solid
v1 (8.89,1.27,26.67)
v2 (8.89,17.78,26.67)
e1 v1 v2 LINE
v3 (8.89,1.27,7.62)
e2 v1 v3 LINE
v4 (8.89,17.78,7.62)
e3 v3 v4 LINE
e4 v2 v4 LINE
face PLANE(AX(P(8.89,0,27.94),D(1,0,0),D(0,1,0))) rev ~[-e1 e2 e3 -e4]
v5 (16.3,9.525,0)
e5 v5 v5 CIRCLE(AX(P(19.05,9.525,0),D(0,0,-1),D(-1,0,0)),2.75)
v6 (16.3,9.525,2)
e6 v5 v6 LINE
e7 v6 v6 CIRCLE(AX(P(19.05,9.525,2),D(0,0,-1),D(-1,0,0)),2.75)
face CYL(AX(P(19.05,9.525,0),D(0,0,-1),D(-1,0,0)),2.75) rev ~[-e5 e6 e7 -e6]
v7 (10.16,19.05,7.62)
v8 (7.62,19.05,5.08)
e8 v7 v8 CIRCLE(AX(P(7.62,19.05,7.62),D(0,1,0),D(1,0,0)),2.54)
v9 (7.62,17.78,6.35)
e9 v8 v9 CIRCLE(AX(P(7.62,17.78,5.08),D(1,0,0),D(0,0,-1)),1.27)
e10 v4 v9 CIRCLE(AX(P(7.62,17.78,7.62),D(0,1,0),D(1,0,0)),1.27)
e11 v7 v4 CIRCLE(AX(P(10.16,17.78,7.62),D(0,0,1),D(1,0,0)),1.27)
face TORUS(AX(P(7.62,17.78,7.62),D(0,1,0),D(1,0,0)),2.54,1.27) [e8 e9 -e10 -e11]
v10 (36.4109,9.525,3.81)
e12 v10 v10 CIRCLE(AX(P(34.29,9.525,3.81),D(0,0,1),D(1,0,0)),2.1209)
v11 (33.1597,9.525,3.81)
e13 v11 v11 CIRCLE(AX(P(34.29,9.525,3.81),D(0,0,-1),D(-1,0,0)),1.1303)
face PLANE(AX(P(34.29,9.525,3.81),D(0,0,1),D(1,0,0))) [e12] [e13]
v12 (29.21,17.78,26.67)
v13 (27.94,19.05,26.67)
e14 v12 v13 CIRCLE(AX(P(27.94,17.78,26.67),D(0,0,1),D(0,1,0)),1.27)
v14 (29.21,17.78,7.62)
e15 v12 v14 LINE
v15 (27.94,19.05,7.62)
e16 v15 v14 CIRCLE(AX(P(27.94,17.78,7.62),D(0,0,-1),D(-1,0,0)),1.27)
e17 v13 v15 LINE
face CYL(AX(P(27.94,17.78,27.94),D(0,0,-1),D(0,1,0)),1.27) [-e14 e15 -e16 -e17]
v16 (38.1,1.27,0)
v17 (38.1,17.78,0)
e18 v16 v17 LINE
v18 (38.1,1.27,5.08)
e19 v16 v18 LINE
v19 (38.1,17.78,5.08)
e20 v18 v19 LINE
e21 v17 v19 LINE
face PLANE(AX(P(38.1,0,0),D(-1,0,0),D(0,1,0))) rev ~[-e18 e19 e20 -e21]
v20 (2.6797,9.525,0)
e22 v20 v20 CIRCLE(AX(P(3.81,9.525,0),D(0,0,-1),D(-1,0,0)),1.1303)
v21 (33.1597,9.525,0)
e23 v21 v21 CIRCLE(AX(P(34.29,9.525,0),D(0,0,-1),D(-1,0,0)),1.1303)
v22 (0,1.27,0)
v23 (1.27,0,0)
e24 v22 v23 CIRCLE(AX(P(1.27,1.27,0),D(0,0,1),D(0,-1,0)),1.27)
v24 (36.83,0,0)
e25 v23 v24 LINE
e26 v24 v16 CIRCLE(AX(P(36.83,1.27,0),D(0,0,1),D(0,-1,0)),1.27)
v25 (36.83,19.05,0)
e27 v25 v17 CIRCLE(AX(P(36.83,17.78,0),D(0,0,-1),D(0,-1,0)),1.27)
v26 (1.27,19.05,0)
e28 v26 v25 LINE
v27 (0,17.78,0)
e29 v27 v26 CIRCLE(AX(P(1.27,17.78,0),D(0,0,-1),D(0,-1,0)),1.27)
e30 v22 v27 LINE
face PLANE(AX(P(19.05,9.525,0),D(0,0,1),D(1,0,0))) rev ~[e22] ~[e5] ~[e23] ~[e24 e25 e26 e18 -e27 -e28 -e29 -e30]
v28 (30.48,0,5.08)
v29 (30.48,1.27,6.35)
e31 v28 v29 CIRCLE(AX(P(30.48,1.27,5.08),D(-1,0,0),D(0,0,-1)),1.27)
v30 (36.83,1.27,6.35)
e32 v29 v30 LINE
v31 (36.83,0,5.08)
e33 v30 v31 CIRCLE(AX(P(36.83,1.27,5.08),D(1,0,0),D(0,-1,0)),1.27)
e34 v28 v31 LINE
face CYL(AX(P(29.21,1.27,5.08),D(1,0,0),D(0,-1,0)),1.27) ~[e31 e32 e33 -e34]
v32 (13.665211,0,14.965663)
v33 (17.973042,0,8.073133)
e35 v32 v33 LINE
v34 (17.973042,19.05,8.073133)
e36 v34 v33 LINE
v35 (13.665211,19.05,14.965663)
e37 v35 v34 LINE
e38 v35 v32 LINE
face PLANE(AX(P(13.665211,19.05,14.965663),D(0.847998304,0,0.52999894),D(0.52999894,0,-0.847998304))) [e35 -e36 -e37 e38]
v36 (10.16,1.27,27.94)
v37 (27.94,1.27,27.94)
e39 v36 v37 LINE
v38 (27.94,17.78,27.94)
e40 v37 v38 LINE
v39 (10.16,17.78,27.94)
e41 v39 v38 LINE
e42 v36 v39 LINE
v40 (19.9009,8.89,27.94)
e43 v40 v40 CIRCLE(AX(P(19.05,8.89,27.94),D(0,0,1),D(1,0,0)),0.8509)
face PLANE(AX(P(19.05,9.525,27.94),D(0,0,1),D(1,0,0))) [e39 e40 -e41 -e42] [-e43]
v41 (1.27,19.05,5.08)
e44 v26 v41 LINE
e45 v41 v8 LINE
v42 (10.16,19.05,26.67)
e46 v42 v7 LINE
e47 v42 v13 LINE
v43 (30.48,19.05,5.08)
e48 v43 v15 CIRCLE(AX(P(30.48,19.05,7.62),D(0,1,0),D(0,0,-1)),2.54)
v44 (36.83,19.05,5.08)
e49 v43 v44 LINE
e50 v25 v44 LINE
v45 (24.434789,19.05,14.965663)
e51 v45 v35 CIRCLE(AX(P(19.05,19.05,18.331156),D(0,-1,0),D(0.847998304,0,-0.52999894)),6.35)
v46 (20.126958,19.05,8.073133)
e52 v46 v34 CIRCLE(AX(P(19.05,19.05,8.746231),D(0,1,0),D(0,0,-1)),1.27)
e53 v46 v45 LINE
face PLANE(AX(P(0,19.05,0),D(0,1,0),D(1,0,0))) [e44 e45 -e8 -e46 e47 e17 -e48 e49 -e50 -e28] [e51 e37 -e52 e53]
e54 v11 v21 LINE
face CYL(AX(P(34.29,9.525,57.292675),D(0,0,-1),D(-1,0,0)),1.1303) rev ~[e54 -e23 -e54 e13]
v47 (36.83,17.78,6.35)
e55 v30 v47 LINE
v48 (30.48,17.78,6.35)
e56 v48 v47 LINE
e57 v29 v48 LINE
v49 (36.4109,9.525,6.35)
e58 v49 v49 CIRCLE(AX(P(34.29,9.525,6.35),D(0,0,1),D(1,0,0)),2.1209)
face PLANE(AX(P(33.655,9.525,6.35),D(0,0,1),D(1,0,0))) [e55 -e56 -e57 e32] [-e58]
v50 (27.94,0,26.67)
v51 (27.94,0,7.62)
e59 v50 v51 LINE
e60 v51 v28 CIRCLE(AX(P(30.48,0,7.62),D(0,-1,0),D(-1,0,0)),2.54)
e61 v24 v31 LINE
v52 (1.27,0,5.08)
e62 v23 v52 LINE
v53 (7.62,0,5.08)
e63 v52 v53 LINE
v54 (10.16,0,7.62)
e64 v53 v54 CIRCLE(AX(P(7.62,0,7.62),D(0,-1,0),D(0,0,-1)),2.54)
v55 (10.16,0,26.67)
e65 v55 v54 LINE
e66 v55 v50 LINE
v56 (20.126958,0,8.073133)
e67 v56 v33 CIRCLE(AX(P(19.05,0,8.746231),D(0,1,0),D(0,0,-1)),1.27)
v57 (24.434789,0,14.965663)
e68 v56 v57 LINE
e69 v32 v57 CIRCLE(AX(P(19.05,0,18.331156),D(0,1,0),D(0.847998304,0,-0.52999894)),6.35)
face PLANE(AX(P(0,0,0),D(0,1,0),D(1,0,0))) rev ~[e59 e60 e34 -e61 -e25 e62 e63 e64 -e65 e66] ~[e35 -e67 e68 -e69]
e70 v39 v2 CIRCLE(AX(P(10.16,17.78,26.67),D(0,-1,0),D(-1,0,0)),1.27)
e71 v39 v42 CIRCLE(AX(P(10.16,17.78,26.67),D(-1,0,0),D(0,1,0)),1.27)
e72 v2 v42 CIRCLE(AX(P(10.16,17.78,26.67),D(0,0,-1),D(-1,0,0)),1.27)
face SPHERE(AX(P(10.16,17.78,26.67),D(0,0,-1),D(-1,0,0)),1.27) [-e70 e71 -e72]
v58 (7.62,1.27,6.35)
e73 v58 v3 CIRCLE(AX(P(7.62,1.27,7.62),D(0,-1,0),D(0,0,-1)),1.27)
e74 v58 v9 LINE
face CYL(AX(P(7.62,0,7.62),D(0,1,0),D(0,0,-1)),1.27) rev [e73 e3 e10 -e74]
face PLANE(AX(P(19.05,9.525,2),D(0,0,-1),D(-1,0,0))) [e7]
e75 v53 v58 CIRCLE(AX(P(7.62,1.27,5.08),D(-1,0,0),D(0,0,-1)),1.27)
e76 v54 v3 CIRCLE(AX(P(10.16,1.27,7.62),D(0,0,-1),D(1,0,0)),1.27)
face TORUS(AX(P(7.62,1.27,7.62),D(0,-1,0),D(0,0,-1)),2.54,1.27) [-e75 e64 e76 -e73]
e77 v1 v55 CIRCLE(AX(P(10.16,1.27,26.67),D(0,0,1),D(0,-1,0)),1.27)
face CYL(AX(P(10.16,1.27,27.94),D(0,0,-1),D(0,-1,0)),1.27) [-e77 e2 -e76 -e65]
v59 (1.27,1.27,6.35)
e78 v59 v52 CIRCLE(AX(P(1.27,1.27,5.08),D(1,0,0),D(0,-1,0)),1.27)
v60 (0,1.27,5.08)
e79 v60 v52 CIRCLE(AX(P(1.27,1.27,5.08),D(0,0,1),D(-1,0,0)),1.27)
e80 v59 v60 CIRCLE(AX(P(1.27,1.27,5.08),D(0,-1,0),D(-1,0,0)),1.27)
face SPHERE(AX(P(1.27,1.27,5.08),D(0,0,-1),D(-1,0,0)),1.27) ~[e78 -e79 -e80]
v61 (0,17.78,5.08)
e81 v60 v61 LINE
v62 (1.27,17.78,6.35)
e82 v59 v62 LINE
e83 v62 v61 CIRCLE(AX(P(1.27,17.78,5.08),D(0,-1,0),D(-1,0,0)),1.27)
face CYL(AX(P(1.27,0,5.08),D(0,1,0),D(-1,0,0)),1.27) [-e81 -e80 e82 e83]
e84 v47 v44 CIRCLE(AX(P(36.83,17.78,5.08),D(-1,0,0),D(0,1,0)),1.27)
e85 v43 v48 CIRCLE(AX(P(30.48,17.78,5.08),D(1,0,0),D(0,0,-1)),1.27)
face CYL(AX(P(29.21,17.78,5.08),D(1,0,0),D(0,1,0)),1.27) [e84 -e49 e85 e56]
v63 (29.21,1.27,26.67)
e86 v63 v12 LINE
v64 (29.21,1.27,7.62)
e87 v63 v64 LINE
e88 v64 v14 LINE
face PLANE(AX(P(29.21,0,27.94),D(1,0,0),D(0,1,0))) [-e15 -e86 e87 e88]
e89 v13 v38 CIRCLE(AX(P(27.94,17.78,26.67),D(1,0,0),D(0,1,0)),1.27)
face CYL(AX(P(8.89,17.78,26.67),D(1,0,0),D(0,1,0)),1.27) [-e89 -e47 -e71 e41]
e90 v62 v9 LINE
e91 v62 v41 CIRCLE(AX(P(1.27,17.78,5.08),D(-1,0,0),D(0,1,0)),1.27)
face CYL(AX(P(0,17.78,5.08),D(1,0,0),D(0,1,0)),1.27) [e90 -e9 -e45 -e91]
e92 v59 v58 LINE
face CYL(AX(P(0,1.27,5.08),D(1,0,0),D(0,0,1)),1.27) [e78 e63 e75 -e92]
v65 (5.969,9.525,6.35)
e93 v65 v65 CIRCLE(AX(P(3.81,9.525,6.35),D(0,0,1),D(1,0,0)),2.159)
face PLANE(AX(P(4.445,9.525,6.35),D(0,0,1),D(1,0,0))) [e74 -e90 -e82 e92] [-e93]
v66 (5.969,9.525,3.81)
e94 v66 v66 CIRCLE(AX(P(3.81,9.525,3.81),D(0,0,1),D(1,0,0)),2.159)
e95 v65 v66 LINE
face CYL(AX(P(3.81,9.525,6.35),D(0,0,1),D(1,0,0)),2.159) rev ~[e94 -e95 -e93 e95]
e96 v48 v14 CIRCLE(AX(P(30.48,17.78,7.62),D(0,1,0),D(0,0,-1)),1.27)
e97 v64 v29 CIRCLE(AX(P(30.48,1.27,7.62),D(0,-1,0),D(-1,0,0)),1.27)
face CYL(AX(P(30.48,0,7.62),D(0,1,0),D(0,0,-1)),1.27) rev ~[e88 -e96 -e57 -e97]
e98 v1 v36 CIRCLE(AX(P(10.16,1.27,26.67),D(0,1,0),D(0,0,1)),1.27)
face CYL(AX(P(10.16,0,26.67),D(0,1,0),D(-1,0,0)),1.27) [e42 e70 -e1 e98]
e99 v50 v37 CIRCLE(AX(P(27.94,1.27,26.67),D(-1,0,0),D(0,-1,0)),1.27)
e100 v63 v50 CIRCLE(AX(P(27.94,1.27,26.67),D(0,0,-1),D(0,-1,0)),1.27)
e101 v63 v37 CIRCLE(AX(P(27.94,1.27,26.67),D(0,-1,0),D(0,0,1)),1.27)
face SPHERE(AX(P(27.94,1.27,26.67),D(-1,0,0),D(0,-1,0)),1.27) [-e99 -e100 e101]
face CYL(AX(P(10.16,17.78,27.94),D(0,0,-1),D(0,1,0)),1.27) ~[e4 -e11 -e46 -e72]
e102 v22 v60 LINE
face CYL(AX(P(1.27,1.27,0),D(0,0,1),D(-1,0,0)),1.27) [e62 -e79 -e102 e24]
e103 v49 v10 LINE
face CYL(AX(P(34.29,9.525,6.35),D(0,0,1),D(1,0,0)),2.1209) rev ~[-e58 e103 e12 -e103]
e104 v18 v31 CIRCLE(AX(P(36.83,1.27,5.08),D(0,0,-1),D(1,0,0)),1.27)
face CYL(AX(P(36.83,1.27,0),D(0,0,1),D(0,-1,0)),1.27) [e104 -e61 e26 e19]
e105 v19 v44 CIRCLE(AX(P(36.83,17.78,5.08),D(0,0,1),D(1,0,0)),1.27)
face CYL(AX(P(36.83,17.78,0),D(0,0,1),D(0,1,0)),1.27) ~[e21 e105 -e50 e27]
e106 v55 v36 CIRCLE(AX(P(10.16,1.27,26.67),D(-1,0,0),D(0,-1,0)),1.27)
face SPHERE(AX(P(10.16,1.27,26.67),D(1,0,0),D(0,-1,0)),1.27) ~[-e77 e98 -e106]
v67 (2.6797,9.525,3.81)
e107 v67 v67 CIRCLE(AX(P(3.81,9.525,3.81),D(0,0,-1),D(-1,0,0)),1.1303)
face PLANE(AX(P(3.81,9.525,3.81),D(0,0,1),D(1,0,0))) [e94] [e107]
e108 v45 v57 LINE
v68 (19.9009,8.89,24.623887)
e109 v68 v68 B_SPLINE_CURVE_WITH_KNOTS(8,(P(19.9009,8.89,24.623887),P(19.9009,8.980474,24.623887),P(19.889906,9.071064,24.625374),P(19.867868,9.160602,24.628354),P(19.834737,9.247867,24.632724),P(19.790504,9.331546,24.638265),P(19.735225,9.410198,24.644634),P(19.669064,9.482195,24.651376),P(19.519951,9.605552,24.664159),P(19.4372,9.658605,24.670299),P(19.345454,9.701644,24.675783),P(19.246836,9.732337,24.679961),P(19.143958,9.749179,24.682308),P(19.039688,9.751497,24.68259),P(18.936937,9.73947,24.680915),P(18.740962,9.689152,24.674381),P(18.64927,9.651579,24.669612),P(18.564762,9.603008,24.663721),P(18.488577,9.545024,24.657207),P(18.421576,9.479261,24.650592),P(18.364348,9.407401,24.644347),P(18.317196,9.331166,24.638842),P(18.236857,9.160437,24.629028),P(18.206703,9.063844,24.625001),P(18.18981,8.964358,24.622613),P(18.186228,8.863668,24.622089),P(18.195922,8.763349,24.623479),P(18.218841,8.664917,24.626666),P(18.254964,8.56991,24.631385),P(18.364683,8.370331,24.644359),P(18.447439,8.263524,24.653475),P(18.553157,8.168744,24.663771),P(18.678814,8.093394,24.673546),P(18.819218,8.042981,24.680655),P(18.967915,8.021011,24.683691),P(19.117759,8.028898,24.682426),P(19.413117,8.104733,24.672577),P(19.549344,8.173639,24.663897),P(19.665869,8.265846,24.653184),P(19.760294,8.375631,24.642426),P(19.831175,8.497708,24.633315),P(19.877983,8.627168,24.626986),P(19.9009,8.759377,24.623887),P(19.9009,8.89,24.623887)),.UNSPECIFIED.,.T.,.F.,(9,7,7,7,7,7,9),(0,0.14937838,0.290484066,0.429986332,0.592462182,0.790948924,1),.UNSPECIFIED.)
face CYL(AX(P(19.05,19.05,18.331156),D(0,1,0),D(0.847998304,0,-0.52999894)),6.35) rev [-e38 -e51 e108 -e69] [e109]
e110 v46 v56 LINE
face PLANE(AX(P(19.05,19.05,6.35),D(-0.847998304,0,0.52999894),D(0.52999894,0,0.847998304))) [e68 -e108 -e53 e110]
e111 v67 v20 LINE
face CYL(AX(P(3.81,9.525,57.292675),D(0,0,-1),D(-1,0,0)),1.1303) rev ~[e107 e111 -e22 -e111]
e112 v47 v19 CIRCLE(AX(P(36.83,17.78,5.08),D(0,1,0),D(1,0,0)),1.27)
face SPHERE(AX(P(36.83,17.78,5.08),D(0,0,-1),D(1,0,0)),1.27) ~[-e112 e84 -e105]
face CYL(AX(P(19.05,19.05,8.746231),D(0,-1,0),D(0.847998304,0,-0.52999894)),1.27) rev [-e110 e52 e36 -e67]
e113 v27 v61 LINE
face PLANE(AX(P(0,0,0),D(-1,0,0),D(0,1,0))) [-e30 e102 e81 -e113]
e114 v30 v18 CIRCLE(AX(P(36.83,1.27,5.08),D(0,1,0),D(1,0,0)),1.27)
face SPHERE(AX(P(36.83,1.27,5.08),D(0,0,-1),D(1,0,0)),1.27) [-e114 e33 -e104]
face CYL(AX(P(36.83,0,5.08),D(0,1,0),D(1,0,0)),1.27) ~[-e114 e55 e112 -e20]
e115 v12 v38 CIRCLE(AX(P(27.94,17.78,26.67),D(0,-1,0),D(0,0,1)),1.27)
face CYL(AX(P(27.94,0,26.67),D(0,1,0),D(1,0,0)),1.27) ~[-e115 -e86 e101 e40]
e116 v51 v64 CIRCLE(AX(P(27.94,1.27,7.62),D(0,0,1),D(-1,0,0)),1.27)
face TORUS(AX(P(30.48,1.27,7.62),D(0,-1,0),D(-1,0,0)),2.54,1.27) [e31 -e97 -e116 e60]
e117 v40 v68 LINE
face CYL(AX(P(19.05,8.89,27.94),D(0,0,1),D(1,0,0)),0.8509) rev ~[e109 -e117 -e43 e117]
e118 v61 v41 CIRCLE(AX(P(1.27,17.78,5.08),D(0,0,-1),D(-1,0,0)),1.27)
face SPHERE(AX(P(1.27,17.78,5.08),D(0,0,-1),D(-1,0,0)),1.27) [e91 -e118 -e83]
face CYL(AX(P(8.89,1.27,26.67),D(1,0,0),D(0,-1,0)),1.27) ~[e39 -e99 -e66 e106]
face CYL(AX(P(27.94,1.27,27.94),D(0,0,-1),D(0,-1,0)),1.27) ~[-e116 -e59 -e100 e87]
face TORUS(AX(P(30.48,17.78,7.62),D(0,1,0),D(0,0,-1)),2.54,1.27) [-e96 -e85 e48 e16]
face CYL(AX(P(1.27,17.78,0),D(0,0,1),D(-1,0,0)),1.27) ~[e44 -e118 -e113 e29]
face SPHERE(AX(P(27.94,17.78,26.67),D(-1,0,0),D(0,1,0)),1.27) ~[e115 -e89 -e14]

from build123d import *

# Parameters (mm, degrees)
SKETCH1_W                        = 38.1
SKETCH1_H                        = 19.05
BOSS_EXTRUDE1_DEPTH              = 27.94
SKETCH2_W                        = 8.89
SKETCH2_H                        = 19.05
CUT_EXTRUDE1_DEPTH               = 21.59
CUT_EXTRUDE2_DEPTH               = 31.75
F_43_0_089_DIAMETER_HOLE1_D      = 2.2606
F_51_0_067_DIAMETER_HOLE1_REACH  = 52.943
F_51_0_067_DIAMETER_HOLE1_BORE_R = 0.8509
FILLET1_R                        = 1.27
SKETCH11_R                       = 2.75
CUT_EXTRUDE3_DEPTH               = 2
SKETCH12_R                       = 2.159
SKETCH12_R_2                     = 2.1209
CUT_EXTRUDE4_DEPTH               = 2.54


with BuildPart() as part:
    # Sketch1 → Boss-Extrude1 (new body)
    with BuildSketch(Plane.XY):
        with Locations((19.05, 9.525)):
            Rectangle(SKETCH1_W, SKETCH1_H)
    extrude(amount=BOSS_EXTRUDE1_DEPTH)

    # Sketch2 → Cut-Extrude1 (cut)
    with BuildSketch(Plane.XY.offset(27.94)):
        with Locations((4.445, 9.525)):
            Rectangle(SKETCH2_W, SKETCH2_H)
        with Locations((33.655, 9.525)):
            Rectangle(SKETCH2_W, SKETCH2_H)
    extrude(amount=-CUT_EXTRUDE1_DEPTH, mode=Mode.SUBTRACT)

    # Sketch4 → Cut-Extrude2 (cut)
    with BuildSketch(Plane(origin=(0, 19.05, 0), x_dir=(1, 0, 0), z_dir=(0, 1, 0))):
        with BuildLine():
            Line((13.66521077, -14.965662769), (19.05, -6.35))
            Line((19.05, -6.35), (24.43478923, -14.965662769))
            ThreePointArc((24.43478923, -14.965662769), (19.05, -24.681156038), (13.66521077, -14.965662769))
        make_face()
    extrude(amount=-CUT_EXTRUDE2_DEPTH, mode=Mode.SUBTRACT)

    # #43 (0.089) Diameter Hole1 (through all)
    with Locations(Plane.XY.offset(6.35)):
        with Locations((3.81, 9.525), (34.29, 9.525)):
            Hole(F_43_0_089_DIAMETER_HOLE1_D / 2)

    # #51 (0.067) Diameter Hole1 bore → #51 (0.067) Diameter Hole1 (cut, up to next)
    with BuildSketch(Plane.XY.offset(27.94), mode=Mode.PRIVATE) as f_51_0_067_diameter_hole1_sk1:
        with Locations((19.05, 8.89)):
            Circle(F_51_0_067_DIAMETER_HOLE1_BORE_R)
    f_51_0_067_diameter_hole1_tool1 = extrude(f_51_0_067_diameter_hole1_sk1.sketch, amount=-F_51_0_067_DIAMETER_HOLE1_REACH, mode=Mode.PRIVATE) & part.part
    add(f_51_0_067_diameter_hole1_tool1.solids().sort_by_distance((19.05, 8.89, 27.94))[0], mode=Mode.SUBTRACT)

    # Fillet1
    fillet1_edges = [part.edges().sort_by_distance(p)[0] for p in [
        (19.05, 0, 27.94),
        (0, 19.05, 3.175),
        (0, 0, 3.175),
        (0, 9.525, 6.35),
        (4.445, 19.05, 6.35),
        (8.89, 9.525, 6.35),
        (8.89, 19.05, 17.145),
        (4.445, 0, 6.35),
        (8.89, 0, 17.145),
        (8.89, 9.525, 27.94),
        (19.05, 19.05, 27.94),
        (38.1, 19.05, 3.175),
        (38.1, 0, 3.175),
        (38.1, 9.525, 6.35),
        (33.655, 0, 6.35),
        (29.21, 9.525, 6.35),
        (29.21, 0, 17.145),
        (33.655, 19.05, 6.35),
        (29.21, 19.05, 17.145),
        (29.21, 9.525, 27.94),
        (19.05, 9.525, 6.35),
    ]]
    fillet(fillet1_edges, radius=FILLET1_R)

    # Sketch11 → Cut-Extrude3 (cut)
    with BuildSketch(Plane(origin=(0, 0, 0), x_dir=(-1, 0, 0), z_dir=(0, 0, -1))):
        with Locations((-19.05, 9.525)):
            Circle(SKETCH11_R)
    extrude(amount=-CUT_EXTRUDE3_DEPTH, mode=Mode.SUBTRACT)

    # Sketch12 → Cut-Extrude4 (cut)
    with BuildSketch(Plane.XY.offset(6.35)):
        with Locations((3.81, 9.525)):
            Circle(SKETCH12_R)
        with Locations((34.29, 9.525)):
            Circle(SKETCH12_R_2)
    extrude(amount=-CUT_EXTRUDE4_DEPTH, mode=Mode.SUBTRACT)


solid = part.part
